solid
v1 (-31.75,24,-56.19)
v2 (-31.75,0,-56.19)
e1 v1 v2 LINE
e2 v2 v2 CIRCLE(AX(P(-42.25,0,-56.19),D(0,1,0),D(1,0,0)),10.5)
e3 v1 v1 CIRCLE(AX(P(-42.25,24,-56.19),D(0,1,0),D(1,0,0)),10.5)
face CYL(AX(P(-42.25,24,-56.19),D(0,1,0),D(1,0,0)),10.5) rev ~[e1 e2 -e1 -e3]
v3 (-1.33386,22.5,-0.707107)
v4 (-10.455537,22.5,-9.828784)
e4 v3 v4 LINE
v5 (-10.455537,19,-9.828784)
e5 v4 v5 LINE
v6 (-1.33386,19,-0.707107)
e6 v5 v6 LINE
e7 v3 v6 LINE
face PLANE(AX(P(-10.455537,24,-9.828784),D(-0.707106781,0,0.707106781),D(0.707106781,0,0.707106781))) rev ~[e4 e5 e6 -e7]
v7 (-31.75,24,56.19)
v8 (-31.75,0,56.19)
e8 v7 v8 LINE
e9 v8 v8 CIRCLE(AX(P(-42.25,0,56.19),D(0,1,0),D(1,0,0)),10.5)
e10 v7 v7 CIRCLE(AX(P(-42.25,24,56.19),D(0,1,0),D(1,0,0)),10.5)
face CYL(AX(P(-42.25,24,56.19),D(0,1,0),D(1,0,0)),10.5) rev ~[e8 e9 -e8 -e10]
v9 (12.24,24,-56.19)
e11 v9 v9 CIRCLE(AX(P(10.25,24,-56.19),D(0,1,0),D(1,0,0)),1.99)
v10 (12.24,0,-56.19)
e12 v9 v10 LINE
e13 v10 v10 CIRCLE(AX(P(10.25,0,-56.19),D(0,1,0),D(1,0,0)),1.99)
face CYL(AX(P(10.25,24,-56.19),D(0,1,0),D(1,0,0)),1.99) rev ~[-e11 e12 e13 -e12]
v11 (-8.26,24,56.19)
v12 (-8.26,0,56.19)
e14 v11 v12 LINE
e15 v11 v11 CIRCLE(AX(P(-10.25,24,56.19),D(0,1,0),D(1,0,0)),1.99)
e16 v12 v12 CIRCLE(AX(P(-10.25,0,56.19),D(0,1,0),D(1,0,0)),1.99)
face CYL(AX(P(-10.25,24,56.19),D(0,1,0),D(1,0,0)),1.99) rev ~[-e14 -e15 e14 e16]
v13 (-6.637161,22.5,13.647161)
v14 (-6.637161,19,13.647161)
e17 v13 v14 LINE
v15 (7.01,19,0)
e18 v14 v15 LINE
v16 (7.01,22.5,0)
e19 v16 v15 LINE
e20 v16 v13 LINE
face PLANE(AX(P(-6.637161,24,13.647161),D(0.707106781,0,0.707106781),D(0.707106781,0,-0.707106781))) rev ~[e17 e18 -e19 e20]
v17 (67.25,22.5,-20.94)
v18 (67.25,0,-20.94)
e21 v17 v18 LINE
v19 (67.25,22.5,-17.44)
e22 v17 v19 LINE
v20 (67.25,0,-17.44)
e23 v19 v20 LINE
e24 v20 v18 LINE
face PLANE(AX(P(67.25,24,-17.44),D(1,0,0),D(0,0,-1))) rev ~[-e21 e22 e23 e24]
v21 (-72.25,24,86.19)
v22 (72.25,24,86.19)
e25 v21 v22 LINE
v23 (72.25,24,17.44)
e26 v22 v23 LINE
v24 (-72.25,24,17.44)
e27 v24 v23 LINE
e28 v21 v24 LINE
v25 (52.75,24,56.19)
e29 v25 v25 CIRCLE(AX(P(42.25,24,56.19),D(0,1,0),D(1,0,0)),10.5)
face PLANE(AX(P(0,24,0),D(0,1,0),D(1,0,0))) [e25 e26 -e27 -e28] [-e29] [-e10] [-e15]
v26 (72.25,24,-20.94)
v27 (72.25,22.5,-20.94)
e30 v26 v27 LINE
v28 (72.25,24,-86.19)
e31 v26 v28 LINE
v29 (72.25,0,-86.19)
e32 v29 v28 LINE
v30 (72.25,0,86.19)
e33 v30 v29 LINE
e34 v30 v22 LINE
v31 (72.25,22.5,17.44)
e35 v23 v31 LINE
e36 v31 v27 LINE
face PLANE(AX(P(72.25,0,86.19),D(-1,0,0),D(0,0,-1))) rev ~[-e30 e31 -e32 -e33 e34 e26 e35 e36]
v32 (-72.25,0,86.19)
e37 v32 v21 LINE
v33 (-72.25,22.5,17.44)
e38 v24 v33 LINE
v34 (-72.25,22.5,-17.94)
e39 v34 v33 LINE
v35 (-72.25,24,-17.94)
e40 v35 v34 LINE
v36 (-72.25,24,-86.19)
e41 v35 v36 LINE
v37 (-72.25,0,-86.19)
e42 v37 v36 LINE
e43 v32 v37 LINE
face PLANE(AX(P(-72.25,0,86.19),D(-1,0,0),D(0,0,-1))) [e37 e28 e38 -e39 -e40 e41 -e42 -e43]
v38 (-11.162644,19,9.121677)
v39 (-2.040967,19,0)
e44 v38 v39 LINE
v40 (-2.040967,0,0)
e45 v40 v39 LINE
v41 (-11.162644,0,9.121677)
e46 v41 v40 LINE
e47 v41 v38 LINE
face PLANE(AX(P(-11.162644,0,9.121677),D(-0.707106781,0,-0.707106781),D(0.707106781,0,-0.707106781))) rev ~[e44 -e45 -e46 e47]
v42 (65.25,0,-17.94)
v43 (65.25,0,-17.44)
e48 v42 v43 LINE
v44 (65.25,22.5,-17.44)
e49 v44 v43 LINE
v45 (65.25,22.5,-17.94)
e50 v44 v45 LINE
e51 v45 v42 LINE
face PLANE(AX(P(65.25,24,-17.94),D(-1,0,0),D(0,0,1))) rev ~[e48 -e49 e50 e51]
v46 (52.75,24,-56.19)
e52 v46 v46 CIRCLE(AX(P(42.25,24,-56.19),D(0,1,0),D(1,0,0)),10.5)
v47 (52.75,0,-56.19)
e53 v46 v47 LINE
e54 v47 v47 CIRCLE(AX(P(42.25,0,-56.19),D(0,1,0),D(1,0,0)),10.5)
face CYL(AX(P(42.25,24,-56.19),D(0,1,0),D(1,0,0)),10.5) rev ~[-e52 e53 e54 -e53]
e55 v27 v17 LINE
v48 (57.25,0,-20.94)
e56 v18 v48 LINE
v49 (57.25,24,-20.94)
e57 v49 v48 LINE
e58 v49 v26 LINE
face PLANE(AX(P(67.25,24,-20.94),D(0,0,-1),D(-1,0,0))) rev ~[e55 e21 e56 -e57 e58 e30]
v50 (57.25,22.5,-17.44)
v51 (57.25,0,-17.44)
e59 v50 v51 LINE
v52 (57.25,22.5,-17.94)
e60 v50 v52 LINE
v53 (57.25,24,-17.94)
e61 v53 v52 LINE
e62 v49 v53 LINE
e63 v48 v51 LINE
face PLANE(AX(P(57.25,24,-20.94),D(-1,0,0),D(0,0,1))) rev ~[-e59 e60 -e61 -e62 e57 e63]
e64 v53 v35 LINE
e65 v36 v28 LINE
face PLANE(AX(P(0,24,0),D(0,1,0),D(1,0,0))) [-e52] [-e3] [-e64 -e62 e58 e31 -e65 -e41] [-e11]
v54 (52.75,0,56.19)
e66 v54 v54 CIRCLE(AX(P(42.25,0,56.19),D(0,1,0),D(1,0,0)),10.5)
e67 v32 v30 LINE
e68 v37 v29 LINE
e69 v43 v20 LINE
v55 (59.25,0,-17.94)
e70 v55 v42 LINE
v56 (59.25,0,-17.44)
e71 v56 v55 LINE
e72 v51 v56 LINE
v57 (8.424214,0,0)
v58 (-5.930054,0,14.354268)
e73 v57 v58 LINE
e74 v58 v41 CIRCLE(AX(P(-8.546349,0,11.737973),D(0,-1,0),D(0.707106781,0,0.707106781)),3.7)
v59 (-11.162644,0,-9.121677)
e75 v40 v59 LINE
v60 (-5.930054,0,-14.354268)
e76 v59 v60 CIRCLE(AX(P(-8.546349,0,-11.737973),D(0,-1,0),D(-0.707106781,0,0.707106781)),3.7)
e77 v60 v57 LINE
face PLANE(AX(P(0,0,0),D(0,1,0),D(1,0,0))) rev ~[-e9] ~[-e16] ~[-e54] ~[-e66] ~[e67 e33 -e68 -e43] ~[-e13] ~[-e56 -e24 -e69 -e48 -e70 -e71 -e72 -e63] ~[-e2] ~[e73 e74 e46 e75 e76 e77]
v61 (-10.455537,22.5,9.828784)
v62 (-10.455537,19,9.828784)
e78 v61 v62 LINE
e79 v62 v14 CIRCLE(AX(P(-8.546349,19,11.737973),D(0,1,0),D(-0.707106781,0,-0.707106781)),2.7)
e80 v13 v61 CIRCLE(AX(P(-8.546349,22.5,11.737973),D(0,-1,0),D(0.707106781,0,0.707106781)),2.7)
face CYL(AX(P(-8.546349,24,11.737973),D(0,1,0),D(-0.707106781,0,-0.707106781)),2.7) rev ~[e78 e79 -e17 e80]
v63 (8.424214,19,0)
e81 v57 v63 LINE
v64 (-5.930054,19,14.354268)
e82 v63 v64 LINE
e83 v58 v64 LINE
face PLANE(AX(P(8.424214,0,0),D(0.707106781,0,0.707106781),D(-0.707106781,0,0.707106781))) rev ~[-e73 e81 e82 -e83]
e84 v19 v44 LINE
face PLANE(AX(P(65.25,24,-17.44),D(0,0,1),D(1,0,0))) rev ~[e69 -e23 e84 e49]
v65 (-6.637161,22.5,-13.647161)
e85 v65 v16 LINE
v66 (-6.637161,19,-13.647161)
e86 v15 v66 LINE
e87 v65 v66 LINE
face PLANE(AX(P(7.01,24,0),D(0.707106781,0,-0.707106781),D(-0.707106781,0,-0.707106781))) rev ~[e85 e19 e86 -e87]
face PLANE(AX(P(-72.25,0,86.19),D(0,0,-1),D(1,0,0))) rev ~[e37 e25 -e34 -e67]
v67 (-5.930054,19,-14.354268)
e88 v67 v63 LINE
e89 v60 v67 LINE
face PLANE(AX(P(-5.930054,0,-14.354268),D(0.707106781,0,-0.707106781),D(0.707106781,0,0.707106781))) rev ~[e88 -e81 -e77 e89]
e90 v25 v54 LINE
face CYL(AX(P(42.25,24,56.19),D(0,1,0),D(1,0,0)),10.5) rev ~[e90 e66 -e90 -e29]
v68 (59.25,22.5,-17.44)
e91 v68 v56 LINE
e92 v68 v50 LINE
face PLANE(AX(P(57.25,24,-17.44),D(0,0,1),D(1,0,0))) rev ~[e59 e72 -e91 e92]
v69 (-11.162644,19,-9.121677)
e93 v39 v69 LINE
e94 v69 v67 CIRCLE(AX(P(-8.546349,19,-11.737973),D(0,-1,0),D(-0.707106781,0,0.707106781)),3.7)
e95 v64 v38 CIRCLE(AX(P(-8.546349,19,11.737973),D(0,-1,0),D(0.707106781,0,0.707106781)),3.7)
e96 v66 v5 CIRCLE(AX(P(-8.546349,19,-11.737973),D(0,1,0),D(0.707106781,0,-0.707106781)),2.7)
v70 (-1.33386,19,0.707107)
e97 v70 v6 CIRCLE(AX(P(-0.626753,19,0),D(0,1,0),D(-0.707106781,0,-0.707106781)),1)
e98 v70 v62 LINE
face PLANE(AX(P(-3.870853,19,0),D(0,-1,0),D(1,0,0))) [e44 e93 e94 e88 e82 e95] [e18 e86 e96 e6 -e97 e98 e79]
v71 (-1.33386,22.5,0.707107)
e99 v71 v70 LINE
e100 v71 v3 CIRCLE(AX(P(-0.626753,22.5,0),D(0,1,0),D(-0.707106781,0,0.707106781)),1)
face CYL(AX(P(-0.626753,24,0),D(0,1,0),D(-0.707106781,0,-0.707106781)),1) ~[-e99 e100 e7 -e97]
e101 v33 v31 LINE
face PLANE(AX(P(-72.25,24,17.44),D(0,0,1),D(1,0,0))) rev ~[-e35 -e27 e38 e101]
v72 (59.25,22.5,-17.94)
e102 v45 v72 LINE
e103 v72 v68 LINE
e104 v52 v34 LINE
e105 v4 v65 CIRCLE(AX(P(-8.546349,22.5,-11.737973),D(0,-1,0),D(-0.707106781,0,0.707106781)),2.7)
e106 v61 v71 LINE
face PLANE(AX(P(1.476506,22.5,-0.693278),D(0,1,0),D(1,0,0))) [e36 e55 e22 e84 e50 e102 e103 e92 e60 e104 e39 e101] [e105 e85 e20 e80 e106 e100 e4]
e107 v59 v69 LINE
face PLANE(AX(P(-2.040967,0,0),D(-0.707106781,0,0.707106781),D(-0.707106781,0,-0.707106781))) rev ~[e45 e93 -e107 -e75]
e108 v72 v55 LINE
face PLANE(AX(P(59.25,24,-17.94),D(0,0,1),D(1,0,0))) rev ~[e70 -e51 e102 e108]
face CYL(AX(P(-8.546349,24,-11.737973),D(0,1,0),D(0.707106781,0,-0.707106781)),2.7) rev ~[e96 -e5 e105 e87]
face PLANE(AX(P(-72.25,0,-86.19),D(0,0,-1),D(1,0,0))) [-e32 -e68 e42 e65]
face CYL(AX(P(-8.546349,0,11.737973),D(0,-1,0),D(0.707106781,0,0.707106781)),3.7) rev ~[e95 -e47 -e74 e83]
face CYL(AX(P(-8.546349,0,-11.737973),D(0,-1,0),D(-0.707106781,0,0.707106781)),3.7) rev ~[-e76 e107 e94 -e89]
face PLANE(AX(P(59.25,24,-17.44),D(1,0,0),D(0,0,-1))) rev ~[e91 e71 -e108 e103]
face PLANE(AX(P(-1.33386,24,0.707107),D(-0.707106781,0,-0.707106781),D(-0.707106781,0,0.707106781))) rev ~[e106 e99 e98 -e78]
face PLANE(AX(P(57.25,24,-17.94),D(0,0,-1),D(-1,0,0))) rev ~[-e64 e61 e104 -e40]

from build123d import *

# Parameters (mm, degrees)
SKETCH2_W           = 144.5
SKETCH2_H           = 172.38
BOSS_EXTRUDE1_DEPTH = 24
SKETCH3_R           = 10.5
SKETCH3_R_2         = 1.99
CUT_EXTRUDE2_DEPTH  = 25
CUT_EXTRUDE3_DEPTH  = 1.5
CUT_EXTRUDE4_DEPTH  = 19


with BuildPart() as part:
    # Sketch2 → Boss-Extrude1 (new body)
    with BuildSketch(Plane(origin=(0, 0, 0), x_dir=(1, 0, 0), z_dir=(0, 1, 0))):
        Rectangle(SKETCH2_W, SKETCH2_H)
    extrude(amount=BOSS_EXTRUDE1_DEPTH)

    # Sketch3 → Cut-Extrude2 (cut, through all)
    with BuildSketch(Plane(origin=(0, 24, 0), x_dir=(1, 0, 0), z_dir=(0, 1, 0))):
        with Locations((42.25, 56.19)):
            Circle(SKETCH3_R)
        with Locations((-42.25, 56.19)):
            Circle(SKETCH3_R)
        with Locations((-42.25, -56.19)):
            Circle(SKETCH3_R)
        with Locations((42.25, -56.19)):
            Circle(SKETCH3_R)
        with Locations((10.25, 56.19)):
            Circle(SKETCH3_R_2)
        with Locations((-10.25, -56.19)):
            Circle(SKETCH3_R_2)
        Polygon((57.25, 17.44), (59.25, 17.44), (59.25, 17.94), (65.25, 17.94), (65.25, 17.44), (67.25, 17.44), (67.25, 20.94), (57.25, 20.94), align=None)
        with BuildLine():
            Line((-10.455537495, 9.828784258), (-1.333860018, 0.707106781))
            ThreePointArc((-1.333860018, 0.707106781), (0.373246763, 0), (-1.333860018, -0.707106781))
            Line((-1.333860018, -0.707106781), (-10.455537495, -9.828784258))
            ThreePointArc((-10.455537495, -9.828784258), (-10.455537495, -13.647160877), (-6.637160877, -13.647160877))
            Line((-6.637160877, -13.647160877), (7.01, 0))
            Line((7.01, 0), (-6.637160877, 13.647160877))
            ThreePointArc((-6.637160877, 13.647160877), (-10.455537495, 13.647160877), (-10.455537495, 9.828784258))
        make_face()
    extrude(amount=-CUT_EXTRUDE2_DEPTH, mode=Mode.SUBTRACT)

    # Sketch5 → Cut-Extrude3 (cut)
    with BuildSketch(Plane(origin=(0, 24, 0), x_dir=(1, 0, 0), z_dir=(0, 1, 0))):
        Polygon((57.25, 17.94), (-72.25, 17.94), (-72.25, -17.44), (72.25, -17.44), (72.25, 20.94), (67.25, 20.94), (67.25, 17.44), (65.25, 17.44), (65.25, 17.94), (59.25, 17.94), (59.25, 17.44), (57.25, 17.44), align=None)
        with BuildLine():
            ThreePointArc((-1.333860018, -0.707106781), (0.373246763, 0), (-1.333860018, 0.707106781))
            Line((-1.333860018, 0.707106781), (-10.455537495, 9.828784258))
            ThreePointArc((-10.455537495, 9.828784258), (-10.455537495, 13.647160877), (-6.637160877, 13.647160877))
            Line((-6.637160877, 13.647160877), (7.01, 0))
            Line((7.01, 0), (-6.637160877, -13.647160877))
            ThreePointArc((-6.637160877, -13.647160877), (-10.455537495, -13.647160877), (-10.455537495, -9.828784258))
            Line((-10.455537495, -9.828784258), (-1.333860018, -0.707106781))
        make_face(mode=Mode.SUBTRACT)
    extrude(amount=-CUT_EXTRUDE3_DEPTH, mode=Mode.SUBTRACT)

    # Sketch7 → Cut-Extrude4 (cut)
    with BuildSketch(Plane.XZ):
        with BuildLine():
            Line((-2.040966799, 0), (-11.162644276, -9.121677477))
            ThreePointArc((-11.162644276, -9.121677477), (-11.162644276, -14.354267658), (-5.930054096, -14.354267658))
            Line((-5.930054096, -14.354267658), (8.424213562, 0))
            Line((8.424213562, 0), (-5.930054096, 14.354267658))
            ThreePointArc((-5.930054096, 14.354267658), (-11.162644276, 14.354267658), (-11.162644276, 9.121677477))
            Line((-11.162644276, 9.121677477), (-2.040966799, 0))
        make_face()
    extrude(amount=-CUT_EXTRUDE4_DEPTH, mode=Mode.SUBTRACT)


solid = part.part
